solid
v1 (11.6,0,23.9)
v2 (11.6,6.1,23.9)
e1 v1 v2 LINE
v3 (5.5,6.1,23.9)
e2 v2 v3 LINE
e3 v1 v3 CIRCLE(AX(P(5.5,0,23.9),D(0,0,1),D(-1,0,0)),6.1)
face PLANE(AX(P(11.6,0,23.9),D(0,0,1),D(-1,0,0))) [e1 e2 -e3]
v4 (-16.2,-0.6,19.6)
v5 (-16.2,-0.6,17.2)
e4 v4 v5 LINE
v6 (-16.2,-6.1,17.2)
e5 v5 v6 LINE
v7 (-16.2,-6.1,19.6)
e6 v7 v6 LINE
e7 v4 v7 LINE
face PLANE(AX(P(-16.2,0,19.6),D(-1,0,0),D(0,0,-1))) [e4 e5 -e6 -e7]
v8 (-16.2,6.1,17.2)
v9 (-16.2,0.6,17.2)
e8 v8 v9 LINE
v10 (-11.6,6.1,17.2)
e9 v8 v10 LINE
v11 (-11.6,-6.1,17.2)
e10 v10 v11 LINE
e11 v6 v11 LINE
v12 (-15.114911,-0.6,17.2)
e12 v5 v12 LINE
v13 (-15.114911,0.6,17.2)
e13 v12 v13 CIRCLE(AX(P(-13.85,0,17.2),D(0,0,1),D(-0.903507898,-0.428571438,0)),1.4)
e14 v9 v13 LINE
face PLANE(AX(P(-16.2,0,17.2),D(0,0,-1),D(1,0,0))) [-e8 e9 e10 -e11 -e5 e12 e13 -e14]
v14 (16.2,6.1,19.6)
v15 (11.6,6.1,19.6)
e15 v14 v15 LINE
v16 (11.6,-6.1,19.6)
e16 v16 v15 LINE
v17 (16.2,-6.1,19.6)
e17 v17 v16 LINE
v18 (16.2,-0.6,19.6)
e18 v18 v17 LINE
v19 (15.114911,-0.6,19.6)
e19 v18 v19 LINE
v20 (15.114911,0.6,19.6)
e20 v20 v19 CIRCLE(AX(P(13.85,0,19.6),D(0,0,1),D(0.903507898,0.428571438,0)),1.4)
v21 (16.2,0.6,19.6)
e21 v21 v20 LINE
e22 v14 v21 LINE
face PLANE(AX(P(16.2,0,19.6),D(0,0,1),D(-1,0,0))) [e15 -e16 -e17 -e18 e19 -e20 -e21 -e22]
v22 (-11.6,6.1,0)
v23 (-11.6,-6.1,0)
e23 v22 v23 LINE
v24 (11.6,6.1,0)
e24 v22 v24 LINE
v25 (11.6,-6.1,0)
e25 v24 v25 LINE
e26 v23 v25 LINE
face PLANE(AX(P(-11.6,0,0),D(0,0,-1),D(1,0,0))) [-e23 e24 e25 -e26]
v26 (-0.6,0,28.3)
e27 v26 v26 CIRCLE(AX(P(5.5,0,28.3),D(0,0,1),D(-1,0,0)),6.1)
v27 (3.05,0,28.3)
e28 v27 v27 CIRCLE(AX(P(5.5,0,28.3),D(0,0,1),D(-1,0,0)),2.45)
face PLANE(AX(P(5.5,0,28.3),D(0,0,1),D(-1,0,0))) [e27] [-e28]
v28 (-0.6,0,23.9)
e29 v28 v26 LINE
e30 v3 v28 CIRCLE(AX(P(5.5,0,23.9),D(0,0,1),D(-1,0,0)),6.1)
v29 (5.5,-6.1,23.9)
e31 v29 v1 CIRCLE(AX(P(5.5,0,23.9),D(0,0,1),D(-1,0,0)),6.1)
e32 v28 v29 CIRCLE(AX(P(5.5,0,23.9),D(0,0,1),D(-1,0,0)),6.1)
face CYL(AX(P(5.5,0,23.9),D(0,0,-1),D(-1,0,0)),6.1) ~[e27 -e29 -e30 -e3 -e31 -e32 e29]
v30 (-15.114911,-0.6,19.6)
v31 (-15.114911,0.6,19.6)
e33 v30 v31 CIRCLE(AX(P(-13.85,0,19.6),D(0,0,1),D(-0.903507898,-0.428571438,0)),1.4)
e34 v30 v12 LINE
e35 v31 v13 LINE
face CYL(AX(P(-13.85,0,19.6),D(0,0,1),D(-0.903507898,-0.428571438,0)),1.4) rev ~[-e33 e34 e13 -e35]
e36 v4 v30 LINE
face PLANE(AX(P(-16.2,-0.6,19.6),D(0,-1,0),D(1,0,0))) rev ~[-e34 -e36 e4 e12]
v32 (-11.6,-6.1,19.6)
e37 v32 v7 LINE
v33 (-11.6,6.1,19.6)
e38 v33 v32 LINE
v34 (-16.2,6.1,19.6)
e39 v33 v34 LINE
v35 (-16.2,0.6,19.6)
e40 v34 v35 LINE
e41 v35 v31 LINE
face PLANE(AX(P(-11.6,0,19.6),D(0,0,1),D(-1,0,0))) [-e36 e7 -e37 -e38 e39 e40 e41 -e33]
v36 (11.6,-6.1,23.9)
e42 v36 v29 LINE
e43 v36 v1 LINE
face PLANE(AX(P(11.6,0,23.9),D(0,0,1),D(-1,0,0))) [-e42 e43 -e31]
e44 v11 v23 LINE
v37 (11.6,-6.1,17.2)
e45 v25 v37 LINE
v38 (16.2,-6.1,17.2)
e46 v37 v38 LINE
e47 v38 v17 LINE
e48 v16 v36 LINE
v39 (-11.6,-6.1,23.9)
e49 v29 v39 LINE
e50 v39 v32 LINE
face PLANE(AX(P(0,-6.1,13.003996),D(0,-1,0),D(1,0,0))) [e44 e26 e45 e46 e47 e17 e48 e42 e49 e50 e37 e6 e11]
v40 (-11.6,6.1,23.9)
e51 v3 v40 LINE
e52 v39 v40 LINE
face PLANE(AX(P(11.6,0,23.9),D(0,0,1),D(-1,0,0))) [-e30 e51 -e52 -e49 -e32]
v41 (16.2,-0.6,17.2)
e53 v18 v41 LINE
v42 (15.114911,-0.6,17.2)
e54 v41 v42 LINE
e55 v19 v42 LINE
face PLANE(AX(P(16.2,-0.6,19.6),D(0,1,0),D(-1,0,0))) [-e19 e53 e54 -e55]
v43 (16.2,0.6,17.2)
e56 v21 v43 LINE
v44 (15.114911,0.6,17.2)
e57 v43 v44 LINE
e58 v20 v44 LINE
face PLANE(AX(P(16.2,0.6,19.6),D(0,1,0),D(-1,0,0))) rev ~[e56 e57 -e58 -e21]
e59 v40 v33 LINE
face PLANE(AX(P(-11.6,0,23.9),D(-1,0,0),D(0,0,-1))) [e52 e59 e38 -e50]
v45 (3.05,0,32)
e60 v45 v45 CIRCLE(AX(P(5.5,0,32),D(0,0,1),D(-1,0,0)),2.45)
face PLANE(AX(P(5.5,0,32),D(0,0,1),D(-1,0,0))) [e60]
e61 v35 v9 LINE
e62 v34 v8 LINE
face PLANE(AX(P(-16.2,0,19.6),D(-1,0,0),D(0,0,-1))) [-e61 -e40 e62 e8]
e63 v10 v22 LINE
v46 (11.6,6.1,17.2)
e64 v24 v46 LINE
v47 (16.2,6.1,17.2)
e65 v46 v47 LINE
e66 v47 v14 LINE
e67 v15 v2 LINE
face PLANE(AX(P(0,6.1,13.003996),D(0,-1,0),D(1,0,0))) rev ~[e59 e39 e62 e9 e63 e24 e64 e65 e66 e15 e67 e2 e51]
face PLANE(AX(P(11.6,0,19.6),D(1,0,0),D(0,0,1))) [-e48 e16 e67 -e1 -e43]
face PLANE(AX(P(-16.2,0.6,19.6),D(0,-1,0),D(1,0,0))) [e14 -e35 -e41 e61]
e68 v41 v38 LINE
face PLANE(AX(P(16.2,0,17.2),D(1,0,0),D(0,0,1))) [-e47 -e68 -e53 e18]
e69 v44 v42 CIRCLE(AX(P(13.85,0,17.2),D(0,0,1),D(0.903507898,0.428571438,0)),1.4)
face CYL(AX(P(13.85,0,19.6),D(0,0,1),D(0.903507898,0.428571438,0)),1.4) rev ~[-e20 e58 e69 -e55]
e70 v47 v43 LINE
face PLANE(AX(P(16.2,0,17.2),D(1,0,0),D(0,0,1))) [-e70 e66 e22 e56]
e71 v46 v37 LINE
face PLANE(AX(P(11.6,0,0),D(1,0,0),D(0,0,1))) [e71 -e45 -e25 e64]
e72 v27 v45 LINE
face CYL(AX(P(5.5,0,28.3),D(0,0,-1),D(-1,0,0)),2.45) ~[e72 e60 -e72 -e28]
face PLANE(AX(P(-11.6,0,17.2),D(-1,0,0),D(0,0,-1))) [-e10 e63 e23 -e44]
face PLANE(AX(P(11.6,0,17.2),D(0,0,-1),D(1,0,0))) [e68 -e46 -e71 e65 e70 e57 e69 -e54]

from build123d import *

# Parameters (mm, degrees)
PAD_DEPTH    = 6.1
POCKET_DEPTH = 2.4
SKETCH002_R  = 6.1
PAD001_DEPTH = 4.4
SKETCH003_R  = 2.45
PAD002_DEPTH = 3.7


with BuildPart() as part:
    # Sketch → Pad (new body, symmetric)
    with BuildSketch(Plane.XZ):
        Polygon((-11.6, 23.9), (-11.6, 19.6), (-16.2, 19.6), (-16.2, 17.2), (-11.6, 17.2), (-11.6, 0), (11.6, 0), (11.6, 17.2), (16.2, 17.2), (16.2, 19.6), (11.6, 19.6), (11.6, 23.9), align=None)
    extrude(amount=PAD_DEPTH, both=True)

    # Sketch001 (on Face2 of Pad) → Pocket (cut)
    with BuildSketch(Plane(origin=(0, 0, 19.6), x_dir=(-1, 0, 0), z_dir=(0, 0, 1))):
        with BuildLine():
            Line((-16.2, 0.6), (-15.114911, 0.6))
            ThreePointArc((-15.114911, -0.6), (-12.45, 0), (-15.114911, 0.6))
            Line((-16.2, -0.6), (-15.114911, -0.6))
            Line((-16.2, 0.6), (-16.2, -0.6))
        make_face()
        with BuildLine():
            Line((16.2, 0.6), (15.114911, 0.6))
            ThreePointArc((15.114911, 0.6), (12.45, 0), (15.114911, -0.6))
            Line((16.2, -0.6), (15.114911, -0.6))
            Line((16.2, 0.6), (16.2, -0.6))
        make_face()
    extrude(amount=-POCKET_DEPTH, mode=Mode.SUBTRACT)

    # Sketch002 (on Face2 of Pocket) → Pad001 (join)
    with BuildSketch(Plane(origin=(0, 0, 23.9), x_dir=(-1, 0, 0), z_dir=(0, 0, 1))):
        with Locations((-5.5, 0)):
            Circle(SKETCH002_R)
    extrude(amount=PAD001_DEPTH)

    # Sketch003 (on Face23 of Pad001) → Pad002 (join)
    with BuildSketch(Plane(origin=(0, 0, 28.3), x_dir=(-1, 0, 0), z_dir=(0, 0, 1))):
        with Locations((-5.5, 0)):
            Circle(SKETCH003_R)
    extrude(amount=PAD002_DEPTH)


solid = part.part
